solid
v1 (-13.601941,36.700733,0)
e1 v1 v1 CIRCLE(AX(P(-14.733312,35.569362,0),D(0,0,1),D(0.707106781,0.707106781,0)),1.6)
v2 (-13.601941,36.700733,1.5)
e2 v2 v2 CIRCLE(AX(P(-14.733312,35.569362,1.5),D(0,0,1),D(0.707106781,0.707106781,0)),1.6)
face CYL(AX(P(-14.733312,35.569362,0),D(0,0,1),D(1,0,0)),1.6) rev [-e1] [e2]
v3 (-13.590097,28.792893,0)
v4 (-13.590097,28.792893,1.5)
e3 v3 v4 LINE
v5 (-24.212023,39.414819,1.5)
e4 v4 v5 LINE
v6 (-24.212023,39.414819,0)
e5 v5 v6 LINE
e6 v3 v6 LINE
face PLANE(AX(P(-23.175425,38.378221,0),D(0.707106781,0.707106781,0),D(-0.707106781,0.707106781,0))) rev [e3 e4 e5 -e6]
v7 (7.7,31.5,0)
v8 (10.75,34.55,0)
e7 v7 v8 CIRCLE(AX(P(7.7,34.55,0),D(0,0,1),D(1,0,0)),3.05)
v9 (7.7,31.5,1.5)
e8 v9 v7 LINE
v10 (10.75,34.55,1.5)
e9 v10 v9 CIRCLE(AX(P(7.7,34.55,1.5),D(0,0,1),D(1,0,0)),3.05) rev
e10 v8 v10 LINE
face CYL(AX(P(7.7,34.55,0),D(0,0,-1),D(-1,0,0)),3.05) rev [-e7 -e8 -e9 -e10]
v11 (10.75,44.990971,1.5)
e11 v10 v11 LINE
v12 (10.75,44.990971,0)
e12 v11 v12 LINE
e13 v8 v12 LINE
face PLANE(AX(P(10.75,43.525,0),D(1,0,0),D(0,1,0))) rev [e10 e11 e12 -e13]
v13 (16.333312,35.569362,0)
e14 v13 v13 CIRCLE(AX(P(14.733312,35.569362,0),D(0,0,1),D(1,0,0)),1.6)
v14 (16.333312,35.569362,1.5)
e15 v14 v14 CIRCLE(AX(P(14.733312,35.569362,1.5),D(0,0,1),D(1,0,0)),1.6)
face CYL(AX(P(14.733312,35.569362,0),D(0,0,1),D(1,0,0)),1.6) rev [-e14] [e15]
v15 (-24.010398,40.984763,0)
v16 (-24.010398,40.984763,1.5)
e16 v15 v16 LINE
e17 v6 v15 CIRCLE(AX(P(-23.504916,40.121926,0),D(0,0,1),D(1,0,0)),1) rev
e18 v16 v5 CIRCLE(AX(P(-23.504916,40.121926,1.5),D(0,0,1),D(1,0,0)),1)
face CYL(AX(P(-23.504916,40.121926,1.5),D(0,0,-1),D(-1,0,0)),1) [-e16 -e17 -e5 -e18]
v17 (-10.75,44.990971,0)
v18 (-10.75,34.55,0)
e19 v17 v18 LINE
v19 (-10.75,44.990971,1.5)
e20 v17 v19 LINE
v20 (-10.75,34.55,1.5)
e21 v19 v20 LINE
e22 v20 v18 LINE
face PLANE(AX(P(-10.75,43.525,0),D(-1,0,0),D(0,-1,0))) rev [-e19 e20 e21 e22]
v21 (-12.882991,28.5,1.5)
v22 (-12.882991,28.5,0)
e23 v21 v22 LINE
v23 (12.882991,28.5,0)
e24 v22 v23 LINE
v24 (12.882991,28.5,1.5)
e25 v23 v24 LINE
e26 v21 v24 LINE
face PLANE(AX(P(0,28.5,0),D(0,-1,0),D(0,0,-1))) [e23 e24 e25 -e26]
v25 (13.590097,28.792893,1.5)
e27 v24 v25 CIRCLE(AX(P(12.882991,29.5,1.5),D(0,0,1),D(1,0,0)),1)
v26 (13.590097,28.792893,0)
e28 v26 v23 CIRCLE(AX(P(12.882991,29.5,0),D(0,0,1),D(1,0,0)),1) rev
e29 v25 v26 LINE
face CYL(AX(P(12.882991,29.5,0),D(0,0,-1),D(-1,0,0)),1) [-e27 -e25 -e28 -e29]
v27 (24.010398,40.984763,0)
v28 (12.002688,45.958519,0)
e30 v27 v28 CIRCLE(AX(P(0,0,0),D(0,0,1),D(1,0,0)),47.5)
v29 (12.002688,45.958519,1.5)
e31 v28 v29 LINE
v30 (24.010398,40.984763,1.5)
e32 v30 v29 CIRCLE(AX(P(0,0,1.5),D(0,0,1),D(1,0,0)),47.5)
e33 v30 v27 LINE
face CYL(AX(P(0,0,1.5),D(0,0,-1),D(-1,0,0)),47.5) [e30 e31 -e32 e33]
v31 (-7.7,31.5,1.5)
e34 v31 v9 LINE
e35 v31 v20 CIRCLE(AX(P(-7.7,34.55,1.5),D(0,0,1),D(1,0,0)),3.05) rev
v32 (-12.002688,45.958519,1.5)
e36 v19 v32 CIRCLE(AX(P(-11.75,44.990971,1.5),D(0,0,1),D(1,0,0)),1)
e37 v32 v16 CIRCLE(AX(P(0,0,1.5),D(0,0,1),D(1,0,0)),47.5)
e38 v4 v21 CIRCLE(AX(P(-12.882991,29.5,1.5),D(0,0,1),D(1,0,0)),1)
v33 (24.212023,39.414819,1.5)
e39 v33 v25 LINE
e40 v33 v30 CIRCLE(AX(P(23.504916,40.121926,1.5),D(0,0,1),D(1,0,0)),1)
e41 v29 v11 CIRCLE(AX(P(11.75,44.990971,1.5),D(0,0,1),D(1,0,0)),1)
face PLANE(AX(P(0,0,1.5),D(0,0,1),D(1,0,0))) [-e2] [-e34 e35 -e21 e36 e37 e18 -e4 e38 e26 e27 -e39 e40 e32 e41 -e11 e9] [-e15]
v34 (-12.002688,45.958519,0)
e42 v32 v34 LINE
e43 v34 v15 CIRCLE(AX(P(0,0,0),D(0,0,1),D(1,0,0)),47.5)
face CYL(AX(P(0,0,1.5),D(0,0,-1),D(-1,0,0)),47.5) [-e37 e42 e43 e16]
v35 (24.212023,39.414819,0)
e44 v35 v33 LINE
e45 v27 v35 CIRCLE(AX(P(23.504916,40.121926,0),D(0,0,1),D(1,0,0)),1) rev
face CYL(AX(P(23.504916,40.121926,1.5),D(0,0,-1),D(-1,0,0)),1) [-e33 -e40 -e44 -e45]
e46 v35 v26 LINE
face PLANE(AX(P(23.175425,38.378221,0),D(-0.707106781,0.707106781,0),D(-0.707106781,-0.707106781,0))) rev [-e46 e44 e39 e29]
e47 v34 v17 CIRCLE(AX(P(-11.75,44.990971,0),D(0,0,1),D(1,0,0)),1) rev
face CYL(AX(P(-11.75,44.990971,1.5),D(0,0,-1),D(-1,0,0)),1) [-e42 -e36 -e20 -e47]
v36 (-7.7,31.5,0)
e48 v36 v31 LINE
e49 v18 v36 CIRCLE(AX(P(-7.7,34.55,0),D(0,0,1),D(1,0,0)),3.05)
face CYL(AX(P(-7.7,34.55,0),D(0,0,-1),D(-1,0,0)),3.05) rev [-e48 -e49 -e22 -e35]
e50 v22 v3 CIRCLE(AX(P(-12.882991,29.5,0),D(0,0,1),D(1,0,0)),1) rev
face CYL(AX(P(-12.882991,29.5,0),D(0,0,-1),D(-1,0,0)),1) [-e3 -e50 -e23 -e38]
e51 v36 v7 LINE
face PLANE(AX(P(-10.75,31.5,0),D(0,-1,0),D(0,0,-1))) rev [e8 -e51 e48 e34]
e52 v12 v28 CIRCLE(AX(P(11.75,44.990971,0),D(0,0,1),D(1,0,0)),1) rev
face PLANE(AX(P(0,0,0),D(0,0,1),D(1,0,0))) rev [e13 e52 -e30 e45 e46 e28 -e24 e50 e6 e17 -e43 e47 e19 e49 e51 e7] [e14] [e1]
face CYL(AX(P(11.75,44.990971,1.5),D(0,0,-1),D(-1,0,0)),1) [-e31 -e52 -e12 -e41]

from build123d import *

# Parameters (mm, degrees)
SKETCH_1_R                       = 47.5
EXTRUDE_1_DEPTH                  = 1.5
CUT_EXTRUDE_1_DEPTH              = 68.191889392
CUT_EXTRUDE_2_DEPTH              = 68.191889392
CUT_EXTRUDE_2_DEPTH_BACK         = 68.191889392
SKETCH_3_R                       = 3.1
SKETCH_3_R_2                     = 1.6
SKETCH_4_R                       = 1.6
CUT_EXTRUDE_3_DEPTH              = 68.191889392
CUT_EXTRUDE_4_DEPTH              = 68.191889392
FILLET_1_R                       = 1
FILLET_2_R                       = 0.2
FILLET_3_R                       = 3.05
PATTERN_CIRCULAR_1_COUNT         = 8
FILLET_1_OF_PATTERN_CIRCULAR_1_R = 1
FILLET_2_OF_PATTERN_CIRCULAR_1_R = 0.2
FILLET_3_OF_PATTERN_CIRCULAR_1_R = 3.05
CUT_EXTRUDE_5_DEPTH              = 66.05834985
EXTRUDE_START                    = -1.5
EXTRUDE_2_DEPTH                  = 1.5
FILLET_4_R                       = 1


with BuildPart() as part:
    # ｽｹｯﾁ1 → ﾎﾞｽ - 押し出し1 (new body)
    with BuildSketch(Plane.XY):
        Circle(SKETCH_1_R)
    extrude(amount=EXTRUDE_1_DEPTH)

    # ｽｹｯﾁ2 → ｶｯﾄ - 押し出し1 (cut, through all)
    with BuildSketch(Plane.XY.offset(1.5)):
        Polygon((-10.75, 43.525), (-10.75, 52.5), (10.75, 52.5), (10.75, 43.525), (13, 43.525), (13, 40.475), (10.75, 40.475), (10.75, 31.5), (-10.75, 31.5), (-10.75, 40.475), (-13, 40.475), (-13, 43.525), align=None)
    cut_extrude_1 = extrude(amount=-CUT_EXTRUDE_1_DEPTH, mode=Mode.SUBTRACT)

    # ｽｹｯﾁ3 → ｶｯﾄ - 押し出し2 (cut, two sides: drawn at the far end of the back side and taken through both)
    with BuildSketch(Plane.XY.offset(1.5).offset(-CUT_EXTRUDE_2_DEPTH_BACK)):
        Circle(SKETCH_3_R)
        with Locations((0, 6.5)):
            Circle(SKETCH_3_R_2)
        with Locations((6.5, 0)):
            Circle(SKETCH_3_R_2)
        with Locations((0, -6.5)):
            Circle(SKETCH_3_R_2)
        with Locations((-6.5, 0)):
            Circle(SKETCH_3_R_2)
        with Locations((8.838834765, 8.838834765)):
            Circle(SKETCH_3_R_2)
        with Locations((8.838834765, -8.838834765)):
            Circle(SKETCH_3_R_2)
        with Locations((-8.838834765, -8.838834765)):
            Circle(SKETCH_3_R_2)
        with Locations((-8.838834765, 8.838834765)):
            Circle(SKETCH_3_R_2)
    extrude(amount=CUT_EXTRUDE_2_DEPTH + CUT_EXTRUDE_2_DEPTH_BACK, mode=Mode.SUBTRACT)

    # ｽｹｯﾁ4 → ｶｯﾄ - 押し出し3 (cut, through all)
    with BuildSketch(Plane.XY.offset(1.5)):
        with Locations((14.733312146, 35.569362002)):
            Circle(SKETCH_4_R)
        with Locations((8.610377228, 20.787289482)):
            Circle(SKETCH_4_R)
    cut_extrude_3 = extrude(amount=-CUT_EXTRUDE_3_DEPTH, mode=Mode.SUBTRACT)

    # ｽｹｯﾁ5 → ｶｯﾄ - 押し出し4 (cut, symmetric)
    with BuildSketch(Plane.XY.offset(1.5)):
        Polygon((-7.188286702, 26.5), (7.188286702, 26.5), (3.328075632, 17.180626082), (-3.328075632, 17.180626082), align=None)
    cut_extrude_4 = extrude(amount=CUT_EXTRUDE_4_DEPTH, both=True, mode=Mode.SUBTRACT)

    # ﾌｨﾚｯﾄ1
    fillet_1_edges = [part.edges().sort_by_distance(p)[0] for p in [
        (-3.328075632, 17.180626082, 0.75),
        (3.328075632, 17.180626082, 0.75),
        (7.188286702, 26.5, 0.75),
        (-7.188286702, 26.5, 0.75),
        (10.75, 46.267564232, 0.75),
        (-10.75, 46.267564232, 0.75),
    ]]
    fillet(fillet_1_edges, radius=FILLET_1_R)

    # ﾌｨﾚｯﾄ2
    fillet_2_edges = [part.edges().sort_by_distance(p)[0] for p in [
        (13, 43.525, 0.75),
        (13, 40.475, 0.75),
        (-13, 43.525, 0.75),
        (-13, 40.475, 0.75),
    ]]
    fillet(fillet_2_edges, radius=FILLET_2_R)

    # ﾌｨﾚｯﾄ3
    fillet_3_edges = [part.edges().sort_by_distance(p)[0] for p in [
        (10.75, 31.5, 0.75),
        (-10.75, 31.5, 0.75),
    ]]
    fillet(fillet_3_edges, radius=FILLET_3_R)

    # 円形ﾊﾟﾀｰﾝ1: ｶｯﾄ - 押し出し1, ｶｯﾄ - 押し出し3, ｶｯﾄ - 押し出し4 ×8 about axis
    pattern_circular_1_axis = Axis((0, 0, 0), (0, 0, 1))
    add([cut_extrude_1.rotate(pattern_circular_1_axis, i * 360 / PATTERN_CIRCULAR_1_COUNT) for i in range(1, PATTERN_CIRCULAR_1_COUNT)], mode=Mode.SUBTRACT)
    add([cut_extrude_3.rotate(pattern_circular_1_axis, i * 360 / PATTERN_CIRCULAR_1_COUNT) for i in range(1, PATTERN_CIRCULAR_1_COUNT)], mode=Mode.SUBTRACT)
    add([cut_extrude_4.rotate(pattern_circular_1_axis, i * 360 / PATTERN_CIRCULAR_1_COUNT) for i in range(1, PATTERN_CIRCULAR_1_COUNT)], mode=Mode.SUBTRACT)

    # ﾌｨﾚｯﾄ1 of 円形ﾊﾟﾀｰﾝ1
    fillet_1_of_pattern_circular_1_edges = [part.edges().sort_by_distance(p)[0] for p in [
        (-14.501842056, 9.79523236, 0.75),
        (-9.79523236, 14.501842056, 0.75),
        (-13.655443429, 23.821215973, 0.75),
        (-23.821215973, 13.655443429, 0.75),
        (-25.11471052, 40.317506315, 0.75),
        (-40.317506315, 25.11471052, 0.75),
        (-17.180626082, -3.328075632, 0.75),
        (-17.180626082, 3.328075632, 0.75),
        (-26.5, 7.188286702, 0.75),
        (-26.5, -7.188286702, 0.75),
        (-46.267564232, 10.75, 0.75),
        (-46.267564232, -10.75, 0.75),
        (-9.79523236, -14.501842056, 0.75),
        (-14.501842056, -9.79523236, 0.75),
        (-23.821215973, -13.655443429, 0.75),
        (-13.655443429, -23.821215973, 0.75),
        (-40.317506315, -25.11471052, 0.75),
        (-25.11471052, -40.317506315, 0.75),
        (3.328075632, -17.180626082, 0.75),
        (-3.328075632, -17.180626082, 0.75),
        (-7.188286702, -26.5, 0.75),
        (7.188286702, -26.5, 0.75),
        (-10.75, -46.267564232, 0.75),
        (10.75, -46.267564232, 0.75),
        (14.501842056, -9.79523236, 0.75),
        (9.79523236, -14.501842056, 0.75),
        (13.655443429, -23.821215973, 0.75),
        (23.821215973, -13.655443429, 0.75),
        (25.11471052, -40.317506315, 0.75),
        (40.317506315, -25.11471052, 0.75),
        (17.180626082, 3.328075632, 0.75),
        (17.180626082, -3.328075632, 0.75),
        (26.5, -7.188286702, 0.75),
        (26.5, 7.188286702, 0.75),
        (46.267564232, -10.75, 0.75),
        (46.267564232, 10.75, 0.75),
        (9.79523236, 14.501842056, 0.75),
        (14.501842056, 9.79523236, 0.75),
        (23.821215973, 13.655443429, 0.75),
        (13.655443429, 23.821215973, 0.75),
        (40.317506315, 25.11471052, 0.75),
        (25.11471052, 40.317506315, 0.75),
    ]]
    fillet(fillet_1_of_pattern_circular_1_edges, radius=FILLET_1_OF_PATTERN_CIRCULAR_1_R)

    # ﾌｨﾚｯﾄ2 of 円形ﾊﾟﾀｰﾝ1
    fillet_2_of_pattern_circular_1_edges = [part.edges().sort_by_distance(p)[0] for p in [
        (-21.584434496, 39.969210807, 0.75),
        (-19.427758813, 37.812535124, 0.75),
        (-39.969210807, 21.584434496, 0.75),
        (-37.812535124, 19.427758813, 0.75),
        (-43.525, 13, 0.75),
        (-40.475, 13, 0.75),
        (-43.525, -13, 0.75),
        (-40.475, -13, 0.75),
        (-39.969210807, -21.584434496, 0.75),
        (-37.812535124, -19.427758813, 0.75),
        (-21.584434496, -39.969210807, 0.75),
        (-19.427758813, -37.812535124, 0.75),
        (-13, -43.525, 0.75),
        (-13, -40.475, 0.75),
        (13, -43.525, 0.75),
        (13, -40.475, 0.75),
        (21.584434496, -39.969210807, 0.75),
        (19.427758813, -37.812535124, 0.75),
        (39.969210807, -21.584434496, 0.75),
        (37.812535124, -19.427758813, 0.75),
        (43.525, -13, 0.75),
        (40.475, -13, 0.75),
        (43.525, 13, 0.75),
        (40.475, 13, 0.75),
        (39.969210807, 21.584434496, 0.75),
        (37.812535124, 19.427758813, 0.75),
        (21.584434496, 39.969210807, 0.75),
        (19.427758813, 37.812535124, 0.75),
    ]]
    fillet(fillet_2_of_pattern_circular_1_edges, radius=FILLET_2_OF_PATTERN_CIRCULAR_1_R)

    # ﾌｨﾚｯﾄ3 of 円形ﾊﾟﾀｰﾝ1
    fillet_3_of_pattern_circular_1_edges = [part.edges().sort_by_distance(p)[0] for p in [
        (-14.67246571, 29.875261505, 0.75),
        (-29.875261505, 14.67246571, 0.75),
        (-31.5, 10.75, 0.75),
        (-31.5, -10.75, 0.75),
        (-29.875261505, -14.67246571, 0.75),
        (-14.67246571, -29.875261505, 0.75),
        (-10.75, -31.5, 0.75),
        (10.75, -31.5, 0.75),
        (14.67246571, -29.875261505, 0.75),
        (29.875261505, -14.67246571, 0.75),
        (31.5, -10.75, 0.75),
        (31.5, 10.75, 0.75),
        (29.875261505, 14.67246571, 0.75),
        (14.67246571, 29.875261505, 0.75),
    ]]
    fillet(fillet_3_of_pattern_circular_1_edges, radius=FILLET_3_OF_PATTERN_CIRCULAR_1_R)

    # ｽｹｯﾁ6 → ｶｯﾄ - 押し出し5 (cut, through all)
    with BuildSketch(Plane.XY.offset(1.5)):
        with BuildLine():
            Line((13.297204204, 28.5), (7.7, 28.5))
            Line((7.7, 28.5), (-7.7, 28.5))
            Line((-7.7, 28.5), (-13.297204204, 28.5))
            Line((-13.297204204, 28.5), (-16.829141392, 32.031937188))
            ThreePointArc((-16.829141392, 32.031937188), (-15.935817075, 29.875261505), (-16.829141392, 27.718585823))
            Line((-16.829141392, 27.718585823), (-27.718585823, 16.829141392))
            ThreePointArc((-27.718585823, 16.829141392), (-29.875261505, 15.935817075), (-32.031937188, 16.829141392))
            Line((-32.031937188, 16.829141392), (-36.221544866, 21.018749071))
            Line((-36.221544866, 21.018749071), (-37.671113768, 19.569180169))
            ThreePointArc((-37.671113768, 19.569180169), (-37.812535124, 19.510601526), (-37.95395648, 19.569180169))
            Line((-37.95395648, 19.569180169), (-39.82778945, 21.443013139))
            ThreePointArc((-39.82778945, 21.443013139), (-39.886368094, 21.584434496), (-39.82778945, 21.725855852))
            Line((-39.82778945, 21.725855852), (-38.378220549, 23.175424753))
            Line((-38.378220549, 23.175424753), (-39.414818808, 24.212023012))
            ThreePointArc((-39.414818808, 24.212023012), (-40.249307357, 24.496769993), (-40.984762698, 24.010398301))
            ThreePointArc((-40.984762698, 24.010398301), (-43.884277794, 18.177463037), (-45.958519087, 12.002688172))
            ThreePointArc((-45.958519087, 12.002688172), (-45.78239035, 11.138725991), (-44.990971316, 10.75))
            Line((-44.990971316, 10.75), (-43.525, 10.75))
            Line((-43.525, 10.75), (-43.525, 12.8))
            ThreePointArc((-43.525, 12.8), (-43.466421356, 12.941421356), (-43.325, 13))
            Line((-43.325, 13), (-40.675, 13))
            ThreePointArc((-40.675, 13), (-40.533578644, 12.941421356), (-40.475, 12.8))
            Line((-40.475, 12.8), (-40.475, 10.75))
            Line((-40.475, 10.75), (-34.55, 10.75))
            ThreePointArc((-34.55, 10.75), (-32.393324317, 9.856675683), (-31.5, 7.7))
            Line((-31.5, 7.7), (-31.5, -7.7))
            ThreePointArc((-31.5, -7.7), (-32.393324317, -9.856675683), (-34.55, -10.75))
            Line((-34.55, -10.75), (-40.475, -10.75))
            Line((-40.475, -10.75), (-40.475, -12.8))
            ThreePointArc((-40.475, -12.8), (-40.533578644, -12.941421356), (-40.675, -13))
            Line((-40.675, -13), (-43.325, -13))
            ThreePointArc((-43.325, -13), (-43.466421356, -12.941421356), (-43.525, -12.8))
            Line((-43.525, -12.8), (-43.525, -10.75))
            Line((-43.525, -10.75), (-44.990971316, -10.75))
            ThreePointArc((-44.990971316, -10.75), (-45.78239035, -11.138725991), (-45.958519087, -12.002688172))
            ThreePointArc((-45.958519087, -12.002688172), (-43.884277794, -18.177463037), (-40.984762698, -24.010398301))
            ThreePointArc((-40.984762698, -24.010398301), (-40.249307357, -24.496769993), (-39.414818808, -24.212023012))
            Line((-39.414818808, -24.212023012), (-38.378220549, -23.175424753))
            Line((-38.378220549, -23.175424753), (-39.82778945, -21.725855852))
            ThreePointArc((-39.82778945, -21.725855852), (-39.886368094, -21.584434496), (-39.82778945, -21.443013139))
            Line((-39.82778945, -21.443013139), (-37.95395648, -19.569180169))
            ThreePointArc((-37.95395648, -19.569180169), (-37.812535124, -19.510601526), (-37.671113768, -19.569180169))
            Line((-37.671113768, -19.569180169), (-36.221544866, -21.018749071))
            Line((-36.221544866, -21.018749071), (-32.031937188, -16.829141392))
            ThreePointArc((-32.031937188, -16.829141392), (-29.875261505, -15.935817075), (-27.718585823, -16.829141392))
            Line((-27.718585823, -16.829141392), (-16.829141392, -27.718585823))
            ThreePointArc((-16.829141392, -27.718585823), (-15.935817075, -29.875261505), (-16.829141392, -32.031937188))
            Line((-16.829141392, -32.031937188), (-21.018749071, -36.221544866))
            Line((-21.018749071, -36.221544866), (-19.569180169, -37.671113768))
            ThreePointArc((-19.569180169, -37.671113768), (-19.510601526, -37.812535124), (-19.569180169, -37.95395648))
            Line((-19.569180169, -37.95395648), (-21.443013139, -39.82778945))
            ThreePointArc((-21.443013139, -39.82778945), (-21.584434496, -39.886368094), (-21.725855852, -39.82778945))
            Line((-21.725855852, -39.82778945), (-23.175424753, -38.378220549))
            Line((-23.175424753, -38.378220549), (-24.212023012, -39.414818808))
            ThreePointArc((-24.212023012, -39.414818808), (-24.496769993, -40.249307357), (-24.010398301, -40.984762698))
            ThreePointArc((-24.010398301, -40.984762698), (-18.177463037, -43.884277794), (-12.002688172, -45.958519087))
            ThreePointArc((-12.002688172, -45.958519087), (-11.138725991, -45.78239035), (-10.75, -44.990971316))
            Line((-10.75, -44.990971316), (-10.75, -43.525))
            Line((-10.75, -43.525), (-12.8, -43.525))
            ThreePointArc((-12.8, -43.525), (-12.941421356, -43.466421356), (-13, -43.325))
            Line((-13, -43.325), (-13, -40.675))
            ThreePointArc((-13, -40.675), (-12.941421356, -40.533578644), (-12.8, -40.475))
            Line((-12.8, -40.475), (-10.75, -40.475))
            Line((-10.75, -40.475), (-10.75, -34.55))
            ThreePointArc((-10.75, -34.55), (-9.856675683, -32.393324317), (-7.7, -31.5))
            Line((-7.7, -31.5), (7.7, -31.5))
            ThreePointArc((7.7, -31.5), (9.856675683, -32.393324317), (10.75, -34.55))
            Line((10.75, -34.55), (10.75, -40.475))
            Line((10.75, -40.475), (12.8, -40.475))
            ThreePointArc((12.8, -40.475), (12.941421356, -40.533578644), (13, -40.675))
            Line((13, -40.675), (13, -43.325))
            ThreePointArc((13, -43.325), (12.941421356, -43.466421356), (12.8, -43.525))
            Line((12.8, -43.525), (10.75, -43.525))
            Line((10.75, -43.525), (10.75, -44.990971316))
            ThreePointArc((10.75, -44.990971316), (11.138725991, -45.78239035), (12.002688172, -45.958519087))
            ThreePointArc((12.002688172, -45.958519087), (18.177463037, -43.884277794), (24.010398301, -40.984762698))
            ThreePointArc((24.010398301, -40.984762698), (24.496769993, -40.249307357), (24.212023012, -39.414818808))
            Line((24.212023012, -39.414818808), (23.175424753, -38.378220549))
            Line((23.175424753, -38.378220549), (21.725855852, -39.82778945))
            ThreePointArc((21.725855852, -39.82778945), (21.584434496, -39.886368094), (21.443013139, -39.82778945))
            Line((21.443013139, -39.82778945), (19.569180169, -37.95395648))
            ThreePointArc((19.569180169, -37.95395648), (19.510601526, -37.812535124), (19.569180169, -37.671113768))
            Line((19.569180169, -37.671113768), (21.018749071, -36.221544866))
            Line((21.018749071, -36.221544866), (16.829141392, -32.031937188))
            ThreePointArc((16.829141392, -32.031937188), (15.935817075, -29.875261505), (16.829141392, -27.718585823))
            Line((16.829141392, -27.718585823), (27.718585823, -16.829141392))
            ThreePointArc((27.718585823, -16.829141392), (29.875261505, -15.935817075), (32.031937188, -16.829141392))
            Line((32.031937188, -16.829141392), (36.221544866, -21.018749071))
            Line((36.221544866, -21.018749071), (37.671113768, -19.569180169))
            ThreePointArc((37.671113768, -19.569180169), (37.812535124, -19.510601526), (37.95395648, -19.569180169))
            Line((37.95395648, -19.569180169), (39.82778945, -21.443013139))
            ThreePointArc((39.82778945, -21.443013139), (39.886368094, -21.584434496), (39.82778945, -21.725855852))
            Line((39.82778945, -21.725855852), (38.378220549, -23.175424753))
            Line((38.378220549, -23.175424753), (39.414818808, -24.212023012))
            ThreePointArc((39.414818808, -24.212023012), (40.249307357, -24.496769993), (40.984762698, -24.010398301))
            ThreePointArc((40.984762698, -24.010398301), (43.884277794, -18.177463037), (45.958519087, -12.002688172))
            ThreePointArc((45.958519087, -12.002688172), (45.78239035, -11.138725991), (44.990971316, -10.75))
            Line((44.990971316, -10.75), (43.525, -10.75))
            Line((43.525, -10.75), (43.525, -12.8))
            ThreePointArc((43.525, -12.8), (43.466421356, -12.941421356), (43.325, -13))
            Line((43.325, -13), (40.675, -13))
            ThreePointArc((40.675, -13), (40.533578644, -12.941421356), (40.475, -12.8))
            Line((40.475, -12.8), (40.475, -10.75))
            Line((40.475, -10.75), (34.55, -10.75))
            ThreePointArc((34.55, -10.75), (32.393324317, -9.856675683), (31.5, -7.7))
            Line((31.5, -7.7), (31.5, 7.7))
            ThreePointArc((31.5, 7.7), (32.393324317, 9.856675683), (34.55, 10.75))
            Line((34.55, 10.75), (40.475, 10.75))
            Line((40.475, 10.75), (40.475, 12.8))
            ThreePointArc((40.475, 12.8), (40.533578644, 12.941421356), (40.675, 13))
            Line((40.675, 13), (43.325, 13))
            ThreePointArc((43.325, 13), (43.466421356, 12.941421356), (43.525, 12.8))
            Line((43.525, 12.8), (43.525, 10.75))
            Line((43.525, 10.75), (44.990971316, 10.75))
            ThreePointArc((44.990971316, 10.75), (45.78239035, 11.138725991), (45.958519087, 12.002688172))
            ThreePointArc((45.958519087, 12.002688172), (43.884277794, 18.177463037), (40.984762698, 24.010398301))
            ThreePointArc((40.984762698, 24.010398301), (40.249307357, 24.496769993), (39.414818808, 24.212023012))
            Line((39.414818808, 24.212023012), (38.378220549, 23.175424753))
            Line((38.378220549, 23.175424753), (39.82778945, 21.725855852))
            ThreePointArc((39.82778945, 21.725855852), (39.886368094, 21.584434496), (39.82778945, 21.443013139))
            Line((39.82778945, 21.443013139), (37.95395648, 19.569180169))
            ThreePointArc((37.95395648, 19.569180169), (37.812535124, 19.510601526), (37.671113768, 19.569180169))
            Line((37.671113768, 19.569180169), (36.221544866, 21.018749071))
            Line((36.221544866, 21.018749071), (32.031937188, 16.829141392))
            ThreePointArc((32.031937188, 16.829141392), (29.875261505, 15.935817075), (27.718585823, 16.829141392))
            Line((27.718585823, 16.829141392), (16.829141392, 27.718585823))
            ThreePointArc((16.829141392, 27.718585823), (15.935817075, 29.875261505), (16.829141392, 32.031937188))
            Line((16.829141392, 32.031937188), (13.297204204, 28.5))
        make_face()
    extrude(amount=-CUT_EXTRUDE_5_DEPTH, mode=Mode.SUBTRACT)

    # ｽｹｯﾁ7 → ﾎﾞｽ - 押し出し2 (add)
    with BuildSketch(Plane.XY.offset(1.5).offset(EXTRUDE_START)):
        with BuildLine():
            Line((-10.75, 40.475), (-10.75, 43.525))
            Line((-10.75, 43.525), (-12.8, 43.525))
            ThreePointArc((-12.8, 43.525), (-12.941421356, 43.466421356), (-13, 43.325))
            Line((-13, 43.325), (-13, 40.675))
            ThreePointArc((-13, 40.675), (-12.941421356, 40.533578644), (-12.8, 40.475))
            Line((-12.8, 40.475), (-10.75, 40.475))
        make_face()
        with BuildLine():
            Line((-21.725855852, 39.82778945), (-23.175424753, 38.378220549))
            Line((-23.175424753, 38.378220549), (-21.018749071, 36.221544866))
            Line((-21.018749071, 36.221544866), (-19.569180169, 37.671113768))
            ThreePointArc((-19.569180169, 37.671113768), (-19.510601526, 37.812535124), (-19.569180169, 37.95395648))
            Line((-19.569180169, 37.95395648), (-21.443013139, 39.82778945))
            ThreePointArc((-21.443013139, 39.82778945), (-21.584434496, 39.886368094), (-21.725855852, 39.82778945))
        make_face()
        with BuildLine():
            Line((10.75, 43.525), (10.75, 40.475))
            Line((10.75, 40.475), (12.8, 40.475))
            ThreePointArc((12.8, 40.475), (12.941421356, 40.533578644), (13, 40.675))
            Line((13, 40.675), (13, 43.325))
            ThreePointArc((13, 43.325), (12.941421356, 43.466421356), (12.8, 43.525))
            Line((12.8, 43.525), (10.75, 43.525))
        make_face()
        with BuildLine():
            Line((19.569180169, 37.671113768), (21.018749071, 36.221544866))
            Line((21.018749071, 36.221544866), (23.175424753, 38.378220549))
            Line((23.175424753, 38.378220549), (21.725855852, 39.82778945))
            ThreePointArc((21.725855852, 39.82778945), (21.584434496, 39.886368094), (21.443013139, 39.82778945))
            Line((21.443013139, 39.82778945), (19.569180169, 37.95395648))
            ThreePointArc((19.569180169, 37.95395648), (19.510601526, 37.812535124), (19.569180169, 37.671113768))
        make_face()
    extrude(amount=EXTRUDE_2_DEPTH)

    # ﾌｨﾚｯﾄ4
    fillet_4_edges = [part.edges().sort_by_distance(p)[0] for p in [
        (13.297204204, 28.5, 0.75),
        (-13.297204204, 28.5, 0.75),
    ]]
    fillet(fillet_4_edges, radius=FILLET_4_R)


solid = part.part
